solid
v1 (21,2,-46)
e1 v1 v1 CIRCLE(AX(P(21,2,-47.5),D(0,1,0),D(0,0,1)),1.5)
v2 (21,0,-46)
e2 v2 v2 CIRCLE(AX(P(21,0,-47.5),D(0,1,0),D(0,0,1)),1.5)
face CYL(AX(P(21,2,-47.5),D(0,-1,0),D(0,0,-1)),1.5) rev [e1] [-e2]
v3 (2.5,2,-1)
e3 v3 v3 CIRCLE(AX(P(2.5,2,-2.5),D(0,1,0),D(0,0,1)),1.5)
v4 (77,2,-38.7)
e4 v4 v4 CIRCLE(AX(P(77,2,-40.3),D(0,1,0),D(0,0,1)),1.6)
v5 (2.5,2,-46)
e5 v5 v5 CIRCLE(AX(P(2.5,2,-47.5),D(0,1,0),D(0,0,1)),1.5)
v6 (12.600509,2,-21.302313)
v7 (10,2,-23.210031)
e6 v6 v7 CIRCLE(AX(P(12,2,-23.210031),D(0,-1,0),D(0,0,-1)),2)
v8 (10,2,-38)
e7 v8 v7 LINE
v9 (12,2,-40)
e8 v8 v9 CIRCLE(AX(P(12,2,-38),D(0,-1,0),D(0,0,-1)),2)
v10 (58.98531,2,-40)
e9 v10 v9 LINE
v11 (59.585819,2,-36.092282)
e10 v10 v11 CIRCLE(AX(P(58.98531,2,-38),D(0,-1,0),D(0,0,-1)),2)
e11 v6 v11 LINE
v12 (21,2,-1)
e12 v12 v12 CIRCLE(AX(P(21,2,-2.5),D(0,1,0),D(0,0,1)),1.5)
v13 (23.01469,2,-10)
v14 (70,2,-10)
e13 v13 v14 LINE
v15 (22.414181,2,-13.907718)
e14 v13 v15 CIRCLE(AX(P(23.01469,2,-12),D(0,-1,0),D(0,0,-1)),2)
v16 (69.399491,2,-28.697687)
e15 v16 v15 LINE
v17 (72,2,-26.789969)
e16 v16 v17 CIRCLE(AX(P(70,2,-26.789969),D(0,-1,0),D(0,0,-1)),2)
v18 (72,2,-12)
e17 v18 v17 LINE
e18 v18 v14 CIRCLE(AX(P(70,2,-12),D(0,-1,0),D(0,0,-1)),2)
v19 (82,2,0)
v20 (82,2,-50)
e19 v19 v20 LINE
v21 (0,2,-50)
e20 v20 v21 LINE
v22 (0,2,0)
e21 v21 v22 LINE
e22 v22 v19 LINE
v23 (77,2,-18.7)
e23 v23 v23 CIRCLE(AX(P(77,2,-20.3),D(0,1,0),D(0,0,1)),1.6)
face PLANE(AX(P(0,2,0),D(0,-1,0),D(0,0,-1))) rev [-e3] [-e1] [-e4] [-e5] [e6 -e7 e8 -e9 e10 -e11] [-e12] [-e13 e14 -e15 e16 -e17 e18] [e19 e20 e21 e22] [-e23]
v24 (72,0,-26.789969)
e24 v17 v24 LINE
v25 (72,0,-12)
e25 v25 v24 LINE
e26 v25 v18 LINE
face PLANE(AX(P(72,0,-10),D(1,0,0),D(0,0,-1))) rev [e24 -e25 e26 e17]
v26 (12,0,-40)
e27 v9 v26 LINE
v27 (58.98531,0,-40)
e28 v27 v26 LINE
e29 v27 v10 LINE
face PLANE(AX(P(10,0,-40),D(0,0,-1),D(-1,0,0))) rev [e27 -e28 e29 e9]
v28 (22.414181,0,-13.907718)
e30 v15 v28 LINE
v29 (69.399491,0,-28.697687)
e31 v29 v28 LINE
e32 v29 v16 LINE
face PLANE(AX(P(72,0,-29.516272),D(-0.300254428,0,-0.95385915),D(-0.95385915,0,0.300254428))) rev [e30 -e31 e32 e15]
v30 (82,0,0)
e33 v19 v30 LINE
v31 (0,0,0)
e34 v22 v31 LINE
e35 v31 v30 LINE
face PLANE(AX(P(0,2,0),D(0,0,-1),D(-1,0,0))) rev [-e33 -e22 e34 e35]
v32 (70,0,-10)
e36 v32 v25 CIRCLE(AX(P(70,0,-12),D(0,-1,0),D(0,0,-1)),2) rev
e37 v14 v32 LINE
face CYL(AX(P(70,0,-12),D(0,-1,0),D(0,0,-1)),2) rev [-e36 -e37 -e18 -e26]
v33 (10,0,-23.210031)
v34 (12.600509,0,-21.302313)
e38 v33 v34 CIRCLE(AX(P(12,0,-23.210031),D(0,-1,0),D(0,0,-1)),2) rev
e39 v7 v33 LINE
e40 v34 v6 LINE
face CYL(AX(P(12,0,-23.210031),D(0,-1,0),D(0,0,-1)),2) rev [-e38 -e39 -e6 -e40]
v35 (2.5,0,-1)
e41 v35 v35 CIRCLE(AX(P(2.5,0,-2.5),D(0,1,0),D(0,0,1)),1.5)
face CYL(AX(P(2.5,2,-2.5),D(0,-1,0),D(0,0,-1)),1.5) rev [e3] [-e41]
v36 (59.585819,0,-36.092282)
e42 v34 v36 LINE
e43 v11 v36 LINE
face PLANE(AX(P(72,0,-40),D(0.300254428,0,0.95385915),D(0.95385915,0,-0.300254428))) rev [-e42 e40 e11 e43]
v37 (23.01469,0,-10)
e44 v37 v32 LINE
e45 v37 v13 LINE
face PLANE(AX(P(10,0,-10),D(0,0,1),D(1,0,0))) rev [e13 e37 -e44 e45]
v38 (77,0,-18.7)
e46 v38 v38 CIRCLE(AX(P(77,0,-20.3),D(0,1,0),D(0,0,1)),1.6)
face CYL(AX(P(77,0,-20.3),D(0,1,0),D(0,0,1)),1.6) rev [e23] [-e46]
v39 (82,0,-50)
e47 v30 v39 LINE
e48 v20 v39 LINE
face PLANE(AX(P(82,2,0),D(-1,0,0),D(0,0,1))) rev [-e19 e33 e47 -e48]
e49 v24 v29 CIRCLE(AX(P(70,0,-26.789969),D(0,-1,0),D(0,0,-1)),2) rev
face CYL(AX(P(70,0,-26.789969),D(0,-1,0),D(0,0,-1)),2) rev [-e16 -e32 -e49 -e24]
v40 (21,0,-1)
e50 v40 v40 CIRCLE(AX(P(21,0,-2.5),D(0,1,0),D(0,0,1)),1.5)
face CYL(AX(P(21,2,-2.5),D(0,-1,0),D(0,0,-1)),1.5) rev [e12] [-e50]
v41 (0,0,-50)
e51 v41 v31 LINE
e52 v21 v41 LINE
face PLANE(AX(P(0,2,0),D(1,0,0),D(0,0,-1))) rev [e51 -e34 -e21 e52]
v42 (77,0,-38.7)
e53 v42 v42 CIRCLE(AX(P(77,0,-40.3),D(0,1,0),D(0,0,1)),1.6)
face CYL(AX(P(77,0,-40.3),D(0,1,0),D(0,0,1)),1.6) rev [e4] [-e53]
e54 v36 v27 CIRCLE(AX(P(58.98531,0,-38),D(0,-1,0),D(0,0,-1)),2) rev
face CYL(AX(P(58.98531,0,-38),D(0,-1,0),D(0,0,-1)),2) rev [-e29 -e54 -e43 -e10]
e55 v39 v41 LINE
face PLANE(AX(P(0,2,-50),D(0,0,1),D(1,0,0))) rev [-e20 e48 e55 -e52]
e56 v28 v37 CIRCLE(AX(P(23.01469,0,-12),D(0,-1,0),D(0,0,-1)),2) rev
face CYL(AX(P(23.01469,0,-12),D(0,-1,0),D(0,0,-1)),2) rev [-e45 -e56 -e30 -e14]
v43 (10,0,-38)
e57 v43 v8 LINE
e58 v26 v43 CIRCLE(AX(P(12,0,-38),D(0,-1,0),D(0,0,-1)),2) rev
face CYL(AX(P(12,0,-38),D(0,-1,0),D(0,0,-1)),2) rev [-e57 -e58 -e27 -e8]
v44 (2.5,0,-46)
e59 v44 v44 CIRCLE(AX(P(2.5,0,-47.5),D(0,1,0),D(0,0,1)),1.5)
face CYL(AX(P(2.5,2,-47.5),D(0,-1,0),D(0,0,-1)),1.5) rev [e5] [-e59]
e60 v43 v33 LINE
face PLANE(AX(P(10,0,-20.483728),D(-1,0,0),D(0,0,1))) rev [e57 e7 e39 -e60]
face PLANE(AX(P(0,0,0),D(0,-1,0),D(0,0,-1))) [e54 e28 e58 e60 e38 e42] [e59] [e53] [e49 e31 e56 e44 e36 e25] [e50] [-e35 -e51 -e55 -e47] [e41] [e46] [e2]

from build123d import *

# Parameters (mm, degrees)
SKETCH_1_W          = 82
SKETCH_1_H          = 50
SKETCH_1_R          = 1.5
EXTRUDE_1_DEPTH     = 2
SKETCH_2_R          = 1.6
CUT_EXTRUDE_1_DEPTH = 2
CUT_EXTRUDE_2_DEPTH = 2
FILLET_1_R          = 2


with BuildPart() as part:
    # 草图1 → 凸台-拉伸1 (new body)
    with BuildSketch(Plane(origin=(0, 0, 0), x_dir=(1, 0, 0), z_dir=(0, 1, 0))):
        with Locations((41, 25)):
            Rectangle(SKETCH_1_W, SKETCH_1_H)
        with Locations(Location((2.5, 47.5, 0), (0, 0, 270))):
            Circle(SKETCH_1_R, mode=Mode.SUBTRACT)
        with Locations(Location((2.5, 2.5, 0), (0, 0, 270))):
            Circle(SKETCH_1_R, mode=Mode.SUBTRACT)
        with Locations(Location((21, 47.5, 0), (0, 0, 270))):
            Circle(SKETCH_1_R, mode=Mode.SUBTRACT)
        with Locations(Location((21, 2.5, 0), (0, 0, 270))):
            Circle(SKETCH_1_R, mode=Mode.SUBTRACT)
    extrude(amount=EXTRUDE_1_DEPTH)

    # 草图2 → 切除-拉伸1 (cut)
    with BuildSketch(Plane(origin=(0, 2, 0), x_dir=(1, 0, 0), z_dir=(0, 1, 0))):
        with Locations(Location((77, 20.3, 0), (0, 0, 270))):
            Circle(SKETCH_2_R)
        with Locations(Location((77, 40.3, 0), (0, 0, 270))):
            Circle(SKETCH_2_R)
    extrude(amount=-CUT_EXTRUDE_1_DEPTH, mode=Mode.SUBTRACT)

    # 草图4 → 切除-拉伸2 (cut)
    with BuildSketch(Plane(origin=(0, 2, 0), x_dir=(1, 0, 0), z_dir=(0, 1, 0))):
        Polygon((10, 10), (72, 10), (72, 29.516271877), align=None)
        Polygon((10, 20.483728123), (10, 40), (72, 40), align=None)
    extrude(amount=-CUT_EXTRUDE_2_DEPTH, mode=Mode.SUBTRACT)

    # 圆角1
    fillet_1_edges = [part.edges().sort_by_distance(p)[0] for p in [
        (72, 1, -40),
        (10, 1, -20.483728123),
        (10, 1, -40),
        (10, 1, -10),
        (72, 1, -29.516271877),
        (72, 1, -10),
    ]]
    fillet(fillet_1_edges, radius=FILLET_1_R)


solid = part.part
